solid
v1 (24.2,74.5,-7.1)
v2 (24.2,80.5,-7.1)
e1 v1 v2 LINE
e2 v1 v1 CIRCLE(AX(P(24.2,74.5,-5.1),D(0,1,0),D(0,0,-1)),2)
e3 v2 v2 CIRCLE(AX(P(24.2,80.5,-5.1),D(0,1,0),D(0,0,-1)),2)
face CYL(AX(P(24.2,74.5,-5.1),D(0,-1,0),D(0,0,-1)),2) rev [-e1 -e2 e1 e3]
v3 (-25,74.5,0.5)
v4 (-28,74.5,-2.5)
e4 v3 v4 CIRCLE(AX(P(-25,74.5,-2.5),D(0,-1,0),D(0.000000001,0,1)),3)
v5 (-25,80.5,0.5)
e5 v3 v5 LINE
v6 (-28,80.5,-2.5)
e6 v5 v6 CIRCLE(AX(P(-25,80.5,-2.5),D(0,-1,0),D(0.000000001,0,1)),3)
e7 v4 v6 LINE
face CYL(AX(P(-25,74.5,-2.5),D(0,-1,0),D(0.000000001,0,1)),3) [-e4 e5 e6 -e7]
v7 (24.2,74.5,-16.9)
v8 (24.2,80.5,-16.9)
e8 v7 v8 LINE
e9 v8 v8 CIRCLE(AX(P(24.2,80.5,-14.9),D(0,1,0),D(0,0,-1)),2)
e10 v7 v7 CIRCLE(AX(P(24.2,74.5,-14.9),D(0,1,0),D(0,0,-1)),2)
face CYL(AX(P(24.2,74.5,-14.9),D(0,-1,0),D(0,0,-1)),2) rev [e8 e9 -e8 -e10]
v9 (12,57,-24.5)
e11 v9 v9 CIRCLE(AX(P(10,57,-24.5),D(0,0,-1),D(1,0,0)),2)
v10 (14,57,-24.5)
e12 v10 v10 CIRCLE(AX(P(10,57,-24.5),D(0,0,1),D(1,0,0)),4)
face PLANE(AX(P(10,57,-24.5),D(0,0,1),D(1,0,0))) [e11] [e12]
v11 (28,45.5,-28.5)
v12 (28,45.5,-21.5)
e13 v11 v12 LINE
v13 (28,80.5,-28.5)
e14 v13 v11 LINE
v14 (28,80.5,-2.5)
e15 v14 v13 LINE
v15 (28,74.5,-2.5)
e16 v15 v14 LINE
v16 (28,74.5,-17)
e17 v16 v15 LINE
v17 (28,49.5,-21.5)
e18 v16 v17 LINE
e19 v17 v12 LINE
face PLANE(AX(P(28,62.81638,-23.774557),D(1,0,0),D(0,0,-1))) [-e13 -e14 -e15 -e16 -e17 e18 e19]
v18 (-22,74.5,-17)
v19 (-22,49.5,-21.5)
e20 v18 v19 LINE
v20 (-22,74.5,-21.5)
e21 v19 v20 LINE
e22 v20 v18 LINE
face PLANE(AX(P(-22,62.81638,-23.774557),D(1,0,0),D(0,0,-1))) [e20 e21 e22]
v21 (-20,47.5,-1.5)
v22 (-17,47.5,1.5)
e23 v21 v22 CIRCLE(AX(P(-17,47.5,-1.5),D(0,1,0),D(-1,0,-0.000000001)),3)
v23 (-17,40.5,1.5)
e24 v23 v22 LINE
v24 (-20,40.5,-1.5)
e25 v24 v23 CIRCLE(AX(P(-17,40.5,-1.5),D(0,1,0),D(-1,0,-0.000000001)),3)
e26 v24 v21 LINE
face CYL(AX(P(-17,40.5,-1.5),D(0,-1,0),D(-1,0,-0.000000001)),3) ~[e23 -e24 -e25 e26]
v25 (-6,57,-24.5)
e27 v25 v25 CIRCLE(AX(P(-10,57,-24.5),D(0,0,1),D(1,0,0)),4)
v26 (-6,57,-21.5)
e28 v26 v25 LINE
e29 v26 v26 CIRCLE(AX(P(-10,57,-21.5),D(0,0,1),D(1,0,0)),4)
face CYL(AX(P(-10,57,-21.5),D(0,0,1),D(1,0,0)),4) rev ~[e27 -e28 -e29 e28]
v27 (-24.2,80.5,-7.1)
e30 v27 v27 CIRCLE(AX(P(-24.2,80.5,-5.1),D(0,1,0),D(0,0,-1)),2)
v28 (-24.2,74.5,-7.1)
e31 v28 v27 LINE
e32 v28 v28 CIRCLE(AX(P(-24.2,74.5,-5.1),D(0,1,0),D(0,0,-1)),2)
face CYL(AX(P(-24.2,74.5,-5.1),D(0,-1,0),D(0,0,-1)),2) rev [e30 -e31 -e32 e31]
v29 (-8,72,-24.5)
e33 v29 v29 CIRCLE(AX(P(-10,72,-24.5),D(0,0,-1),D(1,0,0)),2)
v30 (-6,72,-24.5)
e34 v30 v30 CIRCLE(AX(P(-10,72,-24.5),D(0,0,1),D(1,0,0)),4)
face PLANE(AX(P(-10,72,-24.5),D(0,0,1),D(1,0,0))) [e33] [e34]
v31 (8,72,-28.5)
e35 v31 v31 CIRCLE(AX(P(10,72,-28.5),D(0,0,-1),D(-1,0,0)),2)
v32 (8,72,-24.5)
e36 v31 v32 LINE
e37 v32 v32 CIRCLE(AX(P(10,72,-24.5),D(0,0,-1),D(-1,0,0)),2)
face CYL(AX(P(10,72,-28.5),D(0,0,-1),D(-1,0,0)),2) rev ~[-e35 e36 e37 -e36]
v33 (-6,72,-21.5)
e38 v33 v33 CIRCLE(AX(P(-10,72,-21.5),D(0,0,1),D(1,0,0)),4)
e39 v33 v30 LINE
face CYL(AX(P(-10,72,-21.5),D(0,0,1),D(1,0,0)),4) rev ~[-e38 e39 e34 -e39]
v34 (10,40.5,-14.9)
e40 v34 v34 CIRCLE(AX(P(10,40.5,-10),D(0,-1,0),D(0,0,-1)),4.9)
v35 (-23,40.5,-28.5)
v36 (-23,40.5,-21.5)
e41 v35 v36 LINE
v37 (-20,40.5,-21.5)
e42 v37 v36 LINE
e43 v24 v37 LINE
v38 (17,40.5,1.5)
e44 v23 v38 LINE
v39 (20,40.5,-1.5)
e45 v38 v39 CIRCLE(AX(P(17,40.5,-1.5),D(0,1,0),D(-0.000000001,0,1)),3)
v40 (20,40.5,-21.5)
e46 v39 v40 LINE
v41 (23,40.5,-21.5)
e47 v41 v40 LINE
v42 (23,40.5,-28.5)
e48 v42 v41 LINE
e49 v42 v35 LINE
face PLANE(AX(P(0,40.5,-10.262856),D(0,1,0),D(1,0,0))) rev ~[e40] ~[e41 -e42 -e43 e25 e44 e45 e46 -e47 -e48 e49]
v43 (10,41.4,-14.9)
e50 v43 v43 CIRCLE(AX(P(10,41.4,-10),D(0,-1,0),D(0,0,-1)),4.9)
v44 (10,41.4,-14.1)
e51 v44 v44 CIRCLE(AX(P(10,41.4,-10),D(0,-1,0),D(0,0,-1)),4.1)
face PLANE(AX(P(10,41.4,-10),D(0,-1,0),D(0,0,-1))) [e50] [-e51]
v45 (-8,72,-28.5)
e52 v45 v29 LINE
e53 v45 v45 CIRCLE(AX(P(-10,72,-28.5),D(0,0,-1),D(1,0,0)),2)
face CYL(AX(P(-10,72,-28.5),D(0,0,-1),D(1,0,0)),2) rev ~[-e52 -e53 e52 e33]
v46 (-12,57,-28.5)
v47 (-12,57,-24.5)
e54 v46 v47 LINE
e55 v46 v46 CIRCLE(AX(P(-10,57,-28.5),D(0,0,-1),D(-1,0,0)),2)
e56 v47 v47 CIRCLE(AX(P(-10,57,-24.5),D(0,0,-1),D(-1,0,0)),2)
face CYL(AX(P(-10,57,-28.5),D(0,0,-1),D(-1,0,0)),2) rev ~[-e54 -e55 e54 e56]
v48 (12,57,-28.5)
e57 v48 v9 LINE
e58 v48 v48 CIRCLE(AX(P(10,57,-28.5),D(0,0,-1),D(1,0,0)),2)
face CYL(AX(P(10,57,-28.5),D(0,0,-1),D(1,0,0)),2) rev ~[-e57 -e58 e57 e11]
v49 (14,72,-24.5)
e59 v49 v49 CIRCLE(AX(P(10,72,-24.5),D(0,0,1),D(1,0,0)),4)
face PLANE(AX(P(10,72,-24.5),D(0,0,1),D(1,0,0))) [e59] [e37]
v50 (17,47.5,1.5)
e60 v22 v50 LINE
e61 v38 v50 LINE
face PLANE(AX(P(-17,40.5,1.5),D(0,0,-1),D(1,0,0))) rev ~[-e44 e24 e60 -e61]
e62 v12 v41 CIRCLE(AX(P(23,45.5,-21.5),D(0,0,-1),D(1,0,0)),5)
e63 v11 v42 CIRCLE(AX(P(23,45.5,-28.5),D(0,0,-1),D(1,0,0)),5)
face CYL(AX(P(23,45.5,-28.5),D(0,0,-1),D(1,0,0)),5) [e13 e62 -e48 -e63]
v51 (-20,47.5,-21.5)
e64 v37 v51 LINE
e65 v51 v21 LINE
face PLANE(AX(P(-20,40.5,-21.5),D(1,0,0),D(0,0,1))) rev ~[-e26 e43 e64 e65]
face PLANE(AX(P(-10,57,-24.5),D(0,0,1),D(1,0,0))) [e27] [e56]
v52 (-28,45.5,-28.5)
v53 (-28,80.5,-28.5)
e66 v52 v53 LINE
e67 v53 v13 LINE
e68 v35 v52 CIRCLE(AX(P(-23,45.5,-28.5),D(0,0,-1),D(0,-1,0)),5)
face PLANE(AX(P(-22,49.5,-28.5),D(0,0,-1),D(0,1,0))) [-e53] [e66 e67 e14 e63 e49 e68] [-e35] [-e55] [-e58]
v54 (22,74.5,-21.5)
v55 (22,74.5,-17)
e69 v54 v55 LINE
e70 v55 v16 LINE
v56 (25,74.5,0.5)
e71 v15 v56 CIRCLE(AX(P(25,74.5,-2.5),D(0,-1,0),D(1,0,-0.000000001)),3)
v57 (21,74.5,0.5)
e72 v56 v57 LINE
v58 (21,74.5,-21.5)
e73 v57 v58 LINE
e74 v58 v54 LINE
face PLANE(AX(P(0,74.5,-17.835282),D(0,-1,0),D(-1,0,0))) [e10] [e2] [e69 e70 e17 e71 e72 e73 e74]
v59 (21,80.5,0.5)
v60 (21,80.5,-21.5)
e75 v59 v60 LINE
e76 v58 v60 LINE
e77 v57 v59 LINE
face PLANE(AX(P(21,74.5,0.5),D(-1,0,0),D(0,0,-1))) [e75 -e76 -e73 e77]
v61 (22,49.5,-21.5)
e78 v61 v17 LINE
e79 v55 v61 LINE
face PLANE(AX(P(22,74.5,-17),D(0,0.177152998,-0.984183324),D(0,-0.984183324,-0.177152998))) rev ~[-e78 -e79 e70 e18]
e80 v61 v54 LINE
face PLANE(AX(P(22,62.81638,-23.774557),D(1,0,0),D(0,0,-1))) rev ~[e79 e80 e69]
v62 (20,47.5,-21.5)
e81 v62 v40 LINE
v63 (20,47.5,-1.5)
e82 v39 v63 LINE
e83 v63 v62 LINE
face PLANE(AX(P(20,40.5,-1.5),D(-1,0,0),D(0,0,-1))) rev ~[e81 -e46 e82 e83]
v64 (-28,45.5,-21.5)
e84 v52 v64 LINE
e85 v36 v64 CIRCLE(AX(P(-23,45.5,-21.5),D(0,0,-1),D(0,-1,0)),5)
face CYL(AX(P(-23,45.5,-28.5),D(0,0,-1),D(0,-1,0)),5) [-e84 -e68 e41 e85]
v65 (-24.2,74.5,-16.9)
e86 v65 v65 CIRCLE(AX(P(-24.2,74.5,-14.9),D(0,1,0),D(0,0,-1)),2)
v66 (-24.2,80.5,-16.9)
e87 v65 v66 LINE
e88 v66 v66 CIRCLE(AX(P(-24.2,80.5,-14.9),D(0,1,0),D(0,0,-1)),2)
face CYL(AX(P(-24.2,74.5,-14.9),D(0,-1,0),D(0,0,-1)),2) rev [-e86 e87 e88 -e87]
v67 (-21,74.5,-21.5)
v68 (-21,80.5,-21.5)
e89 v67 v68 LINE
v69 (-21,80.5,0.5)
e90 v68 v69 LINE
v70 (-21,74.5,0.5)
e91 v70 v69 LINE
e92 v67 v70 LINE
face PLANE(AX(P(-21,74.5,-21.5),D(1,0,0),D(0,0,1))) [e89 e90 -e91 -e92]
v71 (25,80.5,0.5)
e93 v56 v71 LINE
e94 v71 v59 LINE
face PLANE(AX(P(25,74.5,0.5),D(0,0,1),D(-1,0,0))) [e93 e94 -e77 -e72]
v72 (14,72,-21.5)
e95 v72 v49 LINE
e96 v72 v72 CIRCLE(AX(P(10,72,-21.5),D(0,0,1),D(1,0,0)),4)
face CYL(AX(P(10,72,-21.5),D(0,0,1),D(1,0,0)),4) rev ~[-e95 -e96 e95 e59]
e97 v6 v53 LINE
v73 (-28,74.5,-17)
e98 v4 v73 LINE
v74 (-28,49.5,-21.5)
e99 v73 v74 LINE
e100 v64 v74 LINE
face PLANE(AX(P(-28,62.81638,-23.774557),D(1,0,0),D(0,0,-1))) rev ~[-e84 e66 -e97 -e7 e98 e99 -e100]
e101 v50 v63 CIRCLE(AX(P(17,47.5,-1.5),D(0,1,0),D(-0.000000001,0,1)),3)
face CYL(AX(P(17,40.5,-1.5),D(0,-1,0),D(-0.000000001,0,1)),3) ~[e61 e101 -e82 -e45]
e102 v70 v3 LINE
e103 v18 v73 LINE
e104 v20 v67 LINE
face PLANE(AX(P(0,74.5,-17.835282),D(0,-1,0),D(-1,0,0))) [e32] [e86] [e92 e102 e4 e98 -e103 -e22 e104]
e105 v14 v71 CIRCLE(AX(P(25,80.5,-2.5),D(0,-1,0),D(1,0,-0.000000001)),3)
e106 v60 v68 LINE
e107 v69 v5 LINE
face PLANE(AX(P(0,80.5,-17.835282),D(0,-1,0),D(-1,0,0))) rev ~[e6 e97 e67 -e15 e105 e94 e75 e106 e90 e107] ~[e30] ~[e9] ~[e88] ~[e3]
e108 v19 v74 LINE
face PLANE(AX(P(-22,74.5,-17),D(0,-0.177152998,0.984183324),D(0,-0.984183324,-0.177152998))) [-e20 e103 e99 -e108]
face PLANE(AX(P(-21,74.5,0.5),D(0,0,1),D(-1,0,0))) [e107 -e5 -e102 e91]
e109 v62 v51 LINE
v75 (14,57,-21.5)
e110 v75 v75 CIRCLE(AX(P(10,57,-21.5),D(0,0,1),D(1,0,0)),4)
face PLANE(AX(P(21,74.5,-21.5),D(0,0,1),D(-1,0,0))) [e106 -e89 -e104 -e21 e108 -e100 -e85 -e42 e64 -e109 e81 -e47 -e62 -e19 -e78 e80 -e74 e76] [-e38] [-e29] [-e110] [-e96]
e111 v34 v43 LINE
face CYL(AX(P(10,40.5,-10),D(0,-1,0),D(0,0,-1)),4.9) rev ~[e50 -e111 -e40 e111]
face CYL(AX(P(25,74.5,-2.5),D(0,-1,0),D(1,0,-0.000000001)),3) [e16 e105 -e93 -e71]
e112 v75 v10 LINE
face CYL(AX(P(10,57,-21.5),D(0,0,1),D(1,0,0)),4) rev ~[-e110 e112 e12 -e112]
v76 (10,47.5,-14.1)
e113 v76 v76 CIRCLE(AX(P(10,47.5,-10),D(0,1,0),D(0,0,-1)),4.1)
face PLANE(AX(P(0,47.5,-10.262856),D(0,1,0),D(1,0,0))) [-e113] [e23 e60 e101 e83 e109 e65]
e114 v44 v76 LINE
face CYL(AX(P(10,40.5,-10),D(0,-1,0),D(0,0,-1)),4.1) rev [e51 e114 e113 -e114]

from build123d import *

# Parameters (mm, degrees)
EXTRUDE_START       = 74.5
SKETCH_4_R          = 2
EXTRUDE_1_DEPTH     = 6
SKETCH_5_W          = 40
SKETCH_5_H          = 34
SKETCH_5_R          = 2
EXTRUDE_2_DEPTH     = 7
CUT_EXTRUDE_START   = -21.5
SKETCH_6_R          = 4
CUT_EXTRUDE_1_DEPTH = 3
EXTRUDE_START_2     = 40.5
SKETCH_7_R          = 4.1
EXTRUDE_3_DEPTH     = 7
SKETCH_8_R          = 4.9
CUT_EXTRUDE_2_DEPTH = 0.9
EXTRUDE_START_3     = 2
EXTRUDE_4_DEPTH     = 6
EXTRUDE_5_DEPTH     = 6
SKETCH_13_W         = 30
SKETCH_13_H         = 25
EXTRUDE_6_DEPTH     = 7


with BuildPart() as part:
    # 草图4 → 凸台-拉伸1 (new body)
    with BuildSketch(Plane(origin=(0, 0, 0), x_dir=(1, 0, 0), z_dir=(0, 1, 0)).offset(EXTRUDE_START)):
        with BuildLine():
            Line((-28, 28.5), (28, 28.5))
            Line((28, 28.5), (28, 2.5))
            ThreePointArc((28, 2.5), (27.121320344, 0.378679656), (25, -0.5))
            Line((25, -0.5), (21, -0.5))
            Line((21, -0.5), (21, 21.5))
            Line((21, 21.5), (-21, 21.5))
            Line((-21, 21.5), (-21, -0.5))
            Line((-21, -0.5), (-25, -0.5))
            ThreePointArc((-25, -0.5), (-27.121320344, 0.378679656), (-28, 2.5))
            Line((-28, 2.5), (-28, 28.5))
        make_face()
        with Locations(Location((-24.2, 14.9, 0), (0, 0, 90))):
            Circle(SKETCH_4_R, mode=Mode.SUBTRACT)
        with Locations(Location((-24.2, 5.1, 0), (0, 0, 90))):
            Circle(SKETCH_4_R, mode=Mode.SUBTRACT)
        with Locations(Location((24.2, 14.9, 0), (0, 0, 90))):
            Circle(SKETCH_4_R, mode=Mode.SUBTRACT)
        with Locations(Location((24.2, 5.1, 0), (0, 0, 90))):
            Circle(SKETCH_4_R, mode=Mode.SUBTRACT)
    extrude(amount=EXTRUDE_1_DEPTH)

    # 草图5 → 凸台-拉伸2 (add)
    with BuildSketch(Plane(origin=(0, 0, -28.5), x_dir=(-1, 0, 0), z_dir=(0, 0, -1))):
        with Locations((0, 57.5)):
            Rectangle(SKETCH_5_W, SKETCH_5_H)
        with Locations((-10, 72)):
            Circle(SKETCH_5_R, mode=Mode.SUBTRACT)
        with Locations(Location((10, 72, 0), (0, 0, 180))):
            Circle(SKETCH_5_R, mode=Mode.SUBTRACT)
        with Locations((10, 57)):
            Circle(SKETCH_5_R, mode=Mode.SUBTRACT)
        with Locations(Location((-10, 57, 0), (0, 0, 180))):
            Circle(SKETCH_5_R, mode=Mode.SUBTRACT)
    extrude(amount=-EXTRUDE_2_DEPTH)

    # 草图6 → 切除-拉伸1 (cut)
    with BuildSketch(Plane.XY.offset(CUT_EXTRUDE_START)):
        with Locations((-10, 72)):
            Circle(SKETCH_6_R)
        with Locations((10, 72)):
            Circle(SKETCH_6_R)
        with Locations((-10, 57)):
            Circle(SKETCH_6_R)
        with Locations((10, 57)):
            Circle(SKETCH_6_R)
    extrude(amount=-CUT_EXTRUDE_1_DEPTH, mode=Mode.SUBTRACT)

    # 草图7 → 凸台-拉伸3 (add)
    with BuildSketch(Plane(origin=(0, 0, 0), x_dir=(1, 0, 0), z_dir=(0, 1, 0)).offset(EXTRUDE_START_2)):
        with BuildLine():
            Line((20, 21.5), (-20, 21.5))
            Line((-20, 21.5), (-20, 1.5))
            ThreePointArc((-20, 1.5), (-19.121320344, -0.621320344), (-17, -1.5))
            Line((-17, -1.5), (17, -1.5))
            ThreePointArc((17, -1.5), (19.121320344, -0.621320344), (20, 1.5))
            Line((20, 1.5), (20, 21.5))
        make_face()
        with Locations(Location((10, 10, 0), (0, 0, 90))):
            Circle(SKETCH_7_R, mode=Mode.SUBTRACT)
    extrude(amount=EXTRUDE_3_DEPTH)

    # 草图8 → 切除-拉伸2 (cut)
    with BuildSketch(Plane.XZ.offset(-40.5)):
        with Locations(Location((10, -10, 0), (0, 0, 270))):
            Circle(SKETCH_8_R)
    extrude(amount=-CUT_EXTRUDE_2_DEPTH, mode=Mode.SUBTRACT)

    # 草图10 → 凸台-拉伸4 (add)
    with BuildSketch(Plane(origin=(20, 0, 0), x_dir=(0, 0, -1), z_dir=(1, 0, 0)).offset(EXTRUDE_START_3)):
        Polygon((28.5, 49.5), (28.5, 74.5), (17, 74.5), (21.5, 49.5), align=None)
    extrude(amount=EXTRUDE_4_DEPTH)

    # 草图12 → 凸台-拉伸5 (add)
    with BuildSketch(Plane.ZY.offset(20).offset(EXTRUDE_START_3)):
        Polygon((-21.5, 49.5), (-28.5, 49.5), (-28.5, 74.5), (-17, 74.5), align=None)
    extrude(amount=EXTRUDE_5_DEPTH)

    # 草图13 → 凸台-拉伸6 (add)
    with BuildSketch(Plane(origin=(0, 0, -28.5), x_dir=(-1, 0, 0), z_dir=(0, 0, -1))):
        with BuildLine():
            Line((28, 80.5), (-28, 80.5))
            Line((-28, 80.5), (-28, 45.5))
            ThreePointArc((-28, 45.5), (-26.535533906, 41.964466094), (-23, 40.5))
            Line((-23, 40.5), (23, 40.5))
            ThreePointArc((23, 40.5), (26.535533906, 41.964466094), (28, 45.5))
            Line((28, 45.5), (28, 80.5))
        make_face()
        with Locations((0, 65)):
            Rectangle(SKETCH_13_W, SKETCH_13_H, mode=Mode.SUBTRACT)
    extrude(amount=-EXTRUDE_6_DEPTH)


solid = part.part
